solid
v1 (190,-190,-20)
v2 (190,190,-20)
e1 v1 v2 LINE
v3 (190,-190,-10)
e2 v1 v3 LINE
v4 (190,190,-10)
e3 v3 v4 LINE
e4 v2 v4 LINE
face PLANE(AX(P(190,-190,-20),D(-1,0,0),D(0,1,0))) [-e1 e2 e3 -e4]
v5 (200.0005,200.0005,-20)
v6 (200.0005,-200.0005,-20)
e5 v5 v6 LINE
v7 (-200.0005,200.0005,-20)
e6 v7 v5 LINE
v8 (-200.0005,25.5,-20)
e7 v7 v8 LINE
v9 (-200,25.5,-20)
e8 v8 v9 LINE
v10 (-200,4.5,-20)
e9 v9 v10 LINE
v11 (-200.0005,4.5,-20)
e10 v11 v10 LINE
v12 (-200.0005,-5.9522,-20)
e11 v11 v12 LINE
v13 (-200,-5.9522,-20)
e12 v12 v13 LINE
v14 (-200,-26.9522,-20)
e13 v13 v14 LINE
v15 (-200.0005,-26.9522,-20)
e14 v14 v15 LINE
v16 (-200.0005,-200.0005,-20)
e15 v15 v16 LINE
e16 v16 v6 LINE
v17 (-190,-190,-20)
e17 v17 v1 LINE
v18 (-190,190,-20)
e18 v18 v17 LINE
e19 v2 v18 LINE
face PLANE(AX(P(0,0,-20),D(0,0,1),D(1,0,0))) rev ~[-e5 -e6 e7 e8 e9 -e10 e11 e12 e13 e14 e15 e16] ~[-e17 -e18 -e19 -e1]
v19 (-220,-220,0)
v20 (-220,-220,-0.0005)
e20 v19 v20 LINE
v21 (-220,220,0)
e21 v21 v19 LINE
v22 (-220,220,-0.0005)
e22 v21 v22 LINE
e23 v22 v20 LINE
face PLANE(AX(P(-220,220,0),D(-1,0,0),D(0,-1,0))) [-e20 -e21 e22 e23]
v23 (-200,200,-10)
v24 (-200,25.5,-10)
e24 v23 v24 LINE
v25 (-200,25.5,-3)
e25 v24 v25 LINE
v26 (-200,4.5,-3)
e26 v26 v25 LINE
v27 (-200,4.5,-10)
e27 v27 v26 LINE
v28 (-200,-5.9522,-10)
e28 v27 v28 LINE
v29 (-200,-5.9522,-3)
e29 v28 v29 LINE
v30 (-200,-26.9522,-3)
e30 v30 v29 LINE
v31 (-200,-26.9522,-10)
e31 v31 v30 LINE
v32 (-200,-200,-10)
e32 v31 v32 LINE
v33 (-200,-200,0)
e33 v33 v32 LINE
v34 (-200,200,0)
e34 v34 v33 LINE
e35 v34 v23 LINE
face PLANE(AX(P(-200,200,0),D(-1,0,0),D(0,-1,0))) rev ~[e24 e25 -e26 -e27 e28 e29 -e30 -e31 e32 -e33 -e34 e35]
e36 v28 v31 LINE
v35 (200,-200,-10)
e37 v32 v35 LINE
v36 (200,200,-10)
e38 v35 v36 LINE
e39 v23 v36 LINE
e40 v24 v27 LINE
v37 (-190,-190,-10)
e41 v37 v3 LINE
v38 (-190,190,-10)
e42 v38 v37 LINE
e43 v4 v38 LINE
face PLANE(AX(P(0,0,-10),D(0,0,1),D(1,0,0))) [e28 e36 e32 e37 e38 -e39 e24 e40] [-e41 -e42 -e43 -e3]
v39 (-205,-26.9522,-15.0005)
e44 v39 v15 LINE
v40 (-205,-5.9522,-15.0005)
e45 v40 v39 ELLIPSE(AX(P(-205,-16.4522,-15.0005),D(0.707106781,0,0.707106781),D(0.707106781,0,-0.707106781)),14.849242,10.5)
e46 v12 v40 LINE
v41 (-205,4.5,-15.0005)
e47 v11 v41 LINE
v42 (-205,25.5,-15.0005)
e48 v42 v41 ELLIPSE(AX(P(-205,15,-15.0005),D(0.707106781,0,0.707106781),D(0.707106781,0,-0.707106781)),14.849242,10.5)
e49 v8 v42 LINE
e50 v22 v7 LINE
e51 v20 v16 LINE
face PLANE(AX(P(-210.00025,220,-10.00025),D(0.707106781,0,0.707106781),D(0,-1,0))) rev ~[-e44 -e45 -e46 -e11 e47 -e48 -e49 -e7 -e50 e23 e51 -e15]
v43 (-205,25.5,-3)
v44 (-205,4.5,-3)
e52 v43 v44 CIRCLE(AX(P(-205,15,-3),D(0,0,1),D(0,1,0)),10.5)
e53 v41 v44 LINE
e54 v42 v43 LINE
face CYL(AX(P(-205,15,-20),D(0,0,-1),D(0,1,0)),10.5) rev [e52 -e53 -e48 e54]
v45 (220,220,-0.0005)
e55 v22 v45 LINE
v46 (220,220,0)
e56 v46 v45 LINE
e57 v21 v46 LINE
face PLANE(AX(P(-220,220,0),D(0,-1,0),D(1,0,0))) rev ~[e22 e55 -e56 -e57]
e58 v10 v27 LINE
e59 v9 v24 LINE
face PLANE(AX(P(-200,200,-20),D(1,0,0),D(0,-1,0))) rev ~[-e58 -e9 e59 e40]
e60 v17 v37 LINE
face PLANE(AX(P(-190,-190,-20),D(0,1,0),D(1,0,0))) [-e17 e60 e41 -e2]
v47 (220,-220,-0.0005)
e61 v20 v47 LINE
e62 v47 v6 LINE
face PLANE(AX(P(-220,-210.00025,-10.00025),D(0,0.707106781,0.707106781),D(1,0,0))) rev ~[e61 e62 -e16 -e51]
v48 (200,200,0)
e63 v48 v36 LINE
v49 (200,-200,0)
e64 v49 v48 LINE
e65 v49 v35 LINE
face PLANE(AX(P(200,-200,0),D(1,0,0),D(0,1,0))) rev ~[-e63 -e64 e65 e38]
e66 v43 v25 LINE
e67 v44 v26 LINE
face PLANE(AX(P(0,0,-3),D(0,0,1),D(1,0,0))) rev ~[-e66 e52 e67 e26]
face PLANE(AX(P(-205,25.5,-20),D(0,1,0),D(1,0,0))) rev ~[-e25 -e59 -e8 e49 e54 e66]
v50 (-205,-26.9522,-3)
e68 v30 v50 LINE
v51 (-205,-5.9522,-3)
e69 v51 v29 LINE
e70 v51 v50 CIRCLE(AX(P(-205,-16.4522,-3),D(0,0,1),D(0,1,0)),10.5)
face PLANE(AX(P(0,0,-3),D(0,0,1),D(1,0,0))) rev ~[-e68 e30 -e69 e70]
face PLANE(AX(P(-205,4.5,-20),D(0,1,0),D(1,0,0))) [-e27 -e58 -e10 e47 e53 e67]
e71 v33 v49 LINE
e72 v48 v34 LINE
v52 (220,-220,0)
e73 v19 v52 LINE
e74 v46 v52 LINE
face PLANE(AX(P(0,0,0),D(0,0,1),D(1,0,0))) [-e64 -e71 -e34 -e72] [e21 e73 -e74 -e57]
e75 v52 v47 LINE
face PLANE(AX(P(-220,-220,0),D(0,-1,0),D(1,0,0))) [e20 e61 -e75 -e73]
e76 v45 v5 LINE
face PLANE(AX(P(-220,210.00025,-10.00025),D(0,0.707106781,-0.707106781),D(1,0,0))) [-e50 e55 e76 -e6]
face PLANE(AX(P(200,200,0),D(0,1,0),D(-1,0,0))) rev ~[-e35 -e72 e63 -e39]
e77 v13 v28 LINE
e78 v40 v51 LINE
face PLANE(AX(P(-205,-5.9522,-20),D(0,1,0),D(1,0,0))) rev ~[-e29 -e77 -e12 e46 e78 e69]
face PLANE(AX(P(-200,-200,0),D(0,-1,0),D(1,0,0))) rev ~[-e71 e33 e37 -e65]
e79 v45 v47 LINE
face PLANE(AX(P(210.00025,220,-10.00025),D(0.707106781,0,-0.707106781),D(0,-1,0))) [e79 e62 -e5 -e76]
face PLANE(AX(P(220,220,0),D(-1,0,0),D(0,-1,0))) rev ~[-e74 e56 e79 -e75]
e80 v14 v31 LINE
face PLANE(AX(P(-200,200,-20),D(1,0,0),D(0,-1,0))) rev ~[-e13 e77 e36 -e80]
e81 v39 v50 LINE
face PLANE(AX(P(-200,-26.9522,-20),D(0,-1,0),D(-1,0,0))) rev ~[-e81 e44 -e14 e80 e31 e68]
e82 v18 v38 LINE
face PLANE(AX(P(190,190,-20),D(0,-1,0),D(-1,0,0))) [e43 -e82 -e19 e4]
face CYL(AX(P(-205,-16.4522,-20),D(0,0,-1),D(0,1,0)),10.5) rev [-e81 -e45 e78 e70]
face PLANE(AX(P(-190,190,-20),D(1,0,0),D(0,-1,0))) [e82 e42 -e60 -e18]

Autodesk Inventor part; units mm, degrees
ref_plane "YZ Plane" through (0, 0, 0) normal (1, 0, 0) x (0, 1, 0)
ref_plane "XZ Plane" through (0, 0, 0) normal (0, 1, 0) x (-1, 0, 0)
ref_plane "XY Plane" through (0, 0, 0) normal (0, 0, 1) x (1, 0, 0)
sketch "Skizze1" plane through (0, 0, 0) normal (0, 0, 1) x (1, 0, 0)
  line L0 (-220, -220) -> (220, -220) projected
  line L1 (220, 220) -> (220, -220) projected
  line L2 (-220, 220) -> (-220, -220) projected
  line L3 (-220, 220) -> (220, 220) projected
  line L4 (200, 200) -> (-200, 200) projected
  line L5 (-200, 200) -> (-200, -200) projected
  line L6 (-200, -200) -> (200, -200) projected
  line L7 (200, -200) -> (200, 200) projected
  line L8 (220, -220) -> (-220, -220)
  line L9 (-220, -220) -> (-220, 220)
  line L10 (-220, 220) -> (220, 220)
  line L11 (220, 220) -> (220, -220)
  line L12 (200, -200) -> (-200, -200)
  line L13 (-200, -200) -> (-200, 200)
  line L14 (-200, 200) -> (200, 200)
  line L15 (200, 200) -> (200, -200)
  point P0 (0, 0)
extrude "Extrusion1" add sketch "Skizze1" against normal blind 20
chamfer "Fase1" distance 20 angle 45 4 edges at (220, 0, -20) (0, 220, -20) (0, -220, -20) (-220, 0, -20)
ref_plane "Arbeitsebene1" through (0, 0, -20) normal (0, 0, 1) x (1, 0, 0)
sketch "Skizze3" plane through (0, 0, -20) normal (0, 0, 1) x (1, 0, 0)
  arc A0 (-205, 25.5) -> (-205, 4.5) centre (-205, 15) ccw projected
  arc A1 (-205, 25.5) -> (-205, 4.5) centre (-205, 15) ccw projected
  arc A2 (-205, -5.9522) -> (-205, -26.9522) centre (-205, -16.4522) ccw projected
  arc A3 (-205, -5.9522) -> (-205, -26.9522) centre (-205, -16.4522) ccw projected
  arc A4 (-205, -5.9522) -> (-205, -26.9522) centre (-205, -16.4522) ccw projected
  arc A5 (-205, -5.9522) -> (-205, -26.9522) centre (-205, -16.4522) ccw projected
  line L0 (-200, -26.9522) -> (-205, -26.9522) projected
  line L1 (-205, -5.9522) -> (-200, -5.9522) projected
  line L2 (-205, 4.5) -> (-200, 4.5)
  line L3 (-200, -200) -> (-200, 200) projected
  line L4 (-205, 25.5) -> (-200, 25.5)
  line L5 (-205, -5.9522) -> (-200, -5.9522)
  line L6 (-205, -26.9522) -> (-200, -26.9522)
  arc A6 (-205, 25.5) -> (-205, 4.5) centre (-205, 15) ccw
  arc A7 (-205, -5.9522) -> (-205, -26.9522) centre (-205, -16.4522) ccw
  point P0 (0, 0)
extrude "Extrusion2" cut sketch "Skizze3" along normal blind 17
sketch "Skizze5" plane through (0, 0, -20) normal (0, 0, 1) x (1, 0, 0)
  line L0 (-200, -26.9522) -> (-200, -200) projected
  line L1 (-200, -200) -> (200, -200) projected
  line L2 (200, -200) -> (200, 200) projected
  line L3 (-200, 200) -> (200, 200) projected
  line L4 (-200, -200) -> (200, -200)
  line L5 (200, -200) -> (200, 200)
  line L6 (200, 200) -> (-200, 200)
  line L7 (-200, 200) -> (-200, -200)
  line L8 (-190, -190) -> (190, -190)
  line L9 (190, -190) -> (190, 190)
  line L10 (190, 190) -> (-190, 190)
  line L11 (-190, 190) -> (-190, -190)
  point P0 (0, 0)
  dimension "d8" = 10
  dimension "d9" = 10
  dimension "d10" = 10
  dimension "d11" = 10
extrude "Extrusion3" add sketch "Skizze5" along normal blind 10
properties part number "PV_Ramen_CPY_3_2"
